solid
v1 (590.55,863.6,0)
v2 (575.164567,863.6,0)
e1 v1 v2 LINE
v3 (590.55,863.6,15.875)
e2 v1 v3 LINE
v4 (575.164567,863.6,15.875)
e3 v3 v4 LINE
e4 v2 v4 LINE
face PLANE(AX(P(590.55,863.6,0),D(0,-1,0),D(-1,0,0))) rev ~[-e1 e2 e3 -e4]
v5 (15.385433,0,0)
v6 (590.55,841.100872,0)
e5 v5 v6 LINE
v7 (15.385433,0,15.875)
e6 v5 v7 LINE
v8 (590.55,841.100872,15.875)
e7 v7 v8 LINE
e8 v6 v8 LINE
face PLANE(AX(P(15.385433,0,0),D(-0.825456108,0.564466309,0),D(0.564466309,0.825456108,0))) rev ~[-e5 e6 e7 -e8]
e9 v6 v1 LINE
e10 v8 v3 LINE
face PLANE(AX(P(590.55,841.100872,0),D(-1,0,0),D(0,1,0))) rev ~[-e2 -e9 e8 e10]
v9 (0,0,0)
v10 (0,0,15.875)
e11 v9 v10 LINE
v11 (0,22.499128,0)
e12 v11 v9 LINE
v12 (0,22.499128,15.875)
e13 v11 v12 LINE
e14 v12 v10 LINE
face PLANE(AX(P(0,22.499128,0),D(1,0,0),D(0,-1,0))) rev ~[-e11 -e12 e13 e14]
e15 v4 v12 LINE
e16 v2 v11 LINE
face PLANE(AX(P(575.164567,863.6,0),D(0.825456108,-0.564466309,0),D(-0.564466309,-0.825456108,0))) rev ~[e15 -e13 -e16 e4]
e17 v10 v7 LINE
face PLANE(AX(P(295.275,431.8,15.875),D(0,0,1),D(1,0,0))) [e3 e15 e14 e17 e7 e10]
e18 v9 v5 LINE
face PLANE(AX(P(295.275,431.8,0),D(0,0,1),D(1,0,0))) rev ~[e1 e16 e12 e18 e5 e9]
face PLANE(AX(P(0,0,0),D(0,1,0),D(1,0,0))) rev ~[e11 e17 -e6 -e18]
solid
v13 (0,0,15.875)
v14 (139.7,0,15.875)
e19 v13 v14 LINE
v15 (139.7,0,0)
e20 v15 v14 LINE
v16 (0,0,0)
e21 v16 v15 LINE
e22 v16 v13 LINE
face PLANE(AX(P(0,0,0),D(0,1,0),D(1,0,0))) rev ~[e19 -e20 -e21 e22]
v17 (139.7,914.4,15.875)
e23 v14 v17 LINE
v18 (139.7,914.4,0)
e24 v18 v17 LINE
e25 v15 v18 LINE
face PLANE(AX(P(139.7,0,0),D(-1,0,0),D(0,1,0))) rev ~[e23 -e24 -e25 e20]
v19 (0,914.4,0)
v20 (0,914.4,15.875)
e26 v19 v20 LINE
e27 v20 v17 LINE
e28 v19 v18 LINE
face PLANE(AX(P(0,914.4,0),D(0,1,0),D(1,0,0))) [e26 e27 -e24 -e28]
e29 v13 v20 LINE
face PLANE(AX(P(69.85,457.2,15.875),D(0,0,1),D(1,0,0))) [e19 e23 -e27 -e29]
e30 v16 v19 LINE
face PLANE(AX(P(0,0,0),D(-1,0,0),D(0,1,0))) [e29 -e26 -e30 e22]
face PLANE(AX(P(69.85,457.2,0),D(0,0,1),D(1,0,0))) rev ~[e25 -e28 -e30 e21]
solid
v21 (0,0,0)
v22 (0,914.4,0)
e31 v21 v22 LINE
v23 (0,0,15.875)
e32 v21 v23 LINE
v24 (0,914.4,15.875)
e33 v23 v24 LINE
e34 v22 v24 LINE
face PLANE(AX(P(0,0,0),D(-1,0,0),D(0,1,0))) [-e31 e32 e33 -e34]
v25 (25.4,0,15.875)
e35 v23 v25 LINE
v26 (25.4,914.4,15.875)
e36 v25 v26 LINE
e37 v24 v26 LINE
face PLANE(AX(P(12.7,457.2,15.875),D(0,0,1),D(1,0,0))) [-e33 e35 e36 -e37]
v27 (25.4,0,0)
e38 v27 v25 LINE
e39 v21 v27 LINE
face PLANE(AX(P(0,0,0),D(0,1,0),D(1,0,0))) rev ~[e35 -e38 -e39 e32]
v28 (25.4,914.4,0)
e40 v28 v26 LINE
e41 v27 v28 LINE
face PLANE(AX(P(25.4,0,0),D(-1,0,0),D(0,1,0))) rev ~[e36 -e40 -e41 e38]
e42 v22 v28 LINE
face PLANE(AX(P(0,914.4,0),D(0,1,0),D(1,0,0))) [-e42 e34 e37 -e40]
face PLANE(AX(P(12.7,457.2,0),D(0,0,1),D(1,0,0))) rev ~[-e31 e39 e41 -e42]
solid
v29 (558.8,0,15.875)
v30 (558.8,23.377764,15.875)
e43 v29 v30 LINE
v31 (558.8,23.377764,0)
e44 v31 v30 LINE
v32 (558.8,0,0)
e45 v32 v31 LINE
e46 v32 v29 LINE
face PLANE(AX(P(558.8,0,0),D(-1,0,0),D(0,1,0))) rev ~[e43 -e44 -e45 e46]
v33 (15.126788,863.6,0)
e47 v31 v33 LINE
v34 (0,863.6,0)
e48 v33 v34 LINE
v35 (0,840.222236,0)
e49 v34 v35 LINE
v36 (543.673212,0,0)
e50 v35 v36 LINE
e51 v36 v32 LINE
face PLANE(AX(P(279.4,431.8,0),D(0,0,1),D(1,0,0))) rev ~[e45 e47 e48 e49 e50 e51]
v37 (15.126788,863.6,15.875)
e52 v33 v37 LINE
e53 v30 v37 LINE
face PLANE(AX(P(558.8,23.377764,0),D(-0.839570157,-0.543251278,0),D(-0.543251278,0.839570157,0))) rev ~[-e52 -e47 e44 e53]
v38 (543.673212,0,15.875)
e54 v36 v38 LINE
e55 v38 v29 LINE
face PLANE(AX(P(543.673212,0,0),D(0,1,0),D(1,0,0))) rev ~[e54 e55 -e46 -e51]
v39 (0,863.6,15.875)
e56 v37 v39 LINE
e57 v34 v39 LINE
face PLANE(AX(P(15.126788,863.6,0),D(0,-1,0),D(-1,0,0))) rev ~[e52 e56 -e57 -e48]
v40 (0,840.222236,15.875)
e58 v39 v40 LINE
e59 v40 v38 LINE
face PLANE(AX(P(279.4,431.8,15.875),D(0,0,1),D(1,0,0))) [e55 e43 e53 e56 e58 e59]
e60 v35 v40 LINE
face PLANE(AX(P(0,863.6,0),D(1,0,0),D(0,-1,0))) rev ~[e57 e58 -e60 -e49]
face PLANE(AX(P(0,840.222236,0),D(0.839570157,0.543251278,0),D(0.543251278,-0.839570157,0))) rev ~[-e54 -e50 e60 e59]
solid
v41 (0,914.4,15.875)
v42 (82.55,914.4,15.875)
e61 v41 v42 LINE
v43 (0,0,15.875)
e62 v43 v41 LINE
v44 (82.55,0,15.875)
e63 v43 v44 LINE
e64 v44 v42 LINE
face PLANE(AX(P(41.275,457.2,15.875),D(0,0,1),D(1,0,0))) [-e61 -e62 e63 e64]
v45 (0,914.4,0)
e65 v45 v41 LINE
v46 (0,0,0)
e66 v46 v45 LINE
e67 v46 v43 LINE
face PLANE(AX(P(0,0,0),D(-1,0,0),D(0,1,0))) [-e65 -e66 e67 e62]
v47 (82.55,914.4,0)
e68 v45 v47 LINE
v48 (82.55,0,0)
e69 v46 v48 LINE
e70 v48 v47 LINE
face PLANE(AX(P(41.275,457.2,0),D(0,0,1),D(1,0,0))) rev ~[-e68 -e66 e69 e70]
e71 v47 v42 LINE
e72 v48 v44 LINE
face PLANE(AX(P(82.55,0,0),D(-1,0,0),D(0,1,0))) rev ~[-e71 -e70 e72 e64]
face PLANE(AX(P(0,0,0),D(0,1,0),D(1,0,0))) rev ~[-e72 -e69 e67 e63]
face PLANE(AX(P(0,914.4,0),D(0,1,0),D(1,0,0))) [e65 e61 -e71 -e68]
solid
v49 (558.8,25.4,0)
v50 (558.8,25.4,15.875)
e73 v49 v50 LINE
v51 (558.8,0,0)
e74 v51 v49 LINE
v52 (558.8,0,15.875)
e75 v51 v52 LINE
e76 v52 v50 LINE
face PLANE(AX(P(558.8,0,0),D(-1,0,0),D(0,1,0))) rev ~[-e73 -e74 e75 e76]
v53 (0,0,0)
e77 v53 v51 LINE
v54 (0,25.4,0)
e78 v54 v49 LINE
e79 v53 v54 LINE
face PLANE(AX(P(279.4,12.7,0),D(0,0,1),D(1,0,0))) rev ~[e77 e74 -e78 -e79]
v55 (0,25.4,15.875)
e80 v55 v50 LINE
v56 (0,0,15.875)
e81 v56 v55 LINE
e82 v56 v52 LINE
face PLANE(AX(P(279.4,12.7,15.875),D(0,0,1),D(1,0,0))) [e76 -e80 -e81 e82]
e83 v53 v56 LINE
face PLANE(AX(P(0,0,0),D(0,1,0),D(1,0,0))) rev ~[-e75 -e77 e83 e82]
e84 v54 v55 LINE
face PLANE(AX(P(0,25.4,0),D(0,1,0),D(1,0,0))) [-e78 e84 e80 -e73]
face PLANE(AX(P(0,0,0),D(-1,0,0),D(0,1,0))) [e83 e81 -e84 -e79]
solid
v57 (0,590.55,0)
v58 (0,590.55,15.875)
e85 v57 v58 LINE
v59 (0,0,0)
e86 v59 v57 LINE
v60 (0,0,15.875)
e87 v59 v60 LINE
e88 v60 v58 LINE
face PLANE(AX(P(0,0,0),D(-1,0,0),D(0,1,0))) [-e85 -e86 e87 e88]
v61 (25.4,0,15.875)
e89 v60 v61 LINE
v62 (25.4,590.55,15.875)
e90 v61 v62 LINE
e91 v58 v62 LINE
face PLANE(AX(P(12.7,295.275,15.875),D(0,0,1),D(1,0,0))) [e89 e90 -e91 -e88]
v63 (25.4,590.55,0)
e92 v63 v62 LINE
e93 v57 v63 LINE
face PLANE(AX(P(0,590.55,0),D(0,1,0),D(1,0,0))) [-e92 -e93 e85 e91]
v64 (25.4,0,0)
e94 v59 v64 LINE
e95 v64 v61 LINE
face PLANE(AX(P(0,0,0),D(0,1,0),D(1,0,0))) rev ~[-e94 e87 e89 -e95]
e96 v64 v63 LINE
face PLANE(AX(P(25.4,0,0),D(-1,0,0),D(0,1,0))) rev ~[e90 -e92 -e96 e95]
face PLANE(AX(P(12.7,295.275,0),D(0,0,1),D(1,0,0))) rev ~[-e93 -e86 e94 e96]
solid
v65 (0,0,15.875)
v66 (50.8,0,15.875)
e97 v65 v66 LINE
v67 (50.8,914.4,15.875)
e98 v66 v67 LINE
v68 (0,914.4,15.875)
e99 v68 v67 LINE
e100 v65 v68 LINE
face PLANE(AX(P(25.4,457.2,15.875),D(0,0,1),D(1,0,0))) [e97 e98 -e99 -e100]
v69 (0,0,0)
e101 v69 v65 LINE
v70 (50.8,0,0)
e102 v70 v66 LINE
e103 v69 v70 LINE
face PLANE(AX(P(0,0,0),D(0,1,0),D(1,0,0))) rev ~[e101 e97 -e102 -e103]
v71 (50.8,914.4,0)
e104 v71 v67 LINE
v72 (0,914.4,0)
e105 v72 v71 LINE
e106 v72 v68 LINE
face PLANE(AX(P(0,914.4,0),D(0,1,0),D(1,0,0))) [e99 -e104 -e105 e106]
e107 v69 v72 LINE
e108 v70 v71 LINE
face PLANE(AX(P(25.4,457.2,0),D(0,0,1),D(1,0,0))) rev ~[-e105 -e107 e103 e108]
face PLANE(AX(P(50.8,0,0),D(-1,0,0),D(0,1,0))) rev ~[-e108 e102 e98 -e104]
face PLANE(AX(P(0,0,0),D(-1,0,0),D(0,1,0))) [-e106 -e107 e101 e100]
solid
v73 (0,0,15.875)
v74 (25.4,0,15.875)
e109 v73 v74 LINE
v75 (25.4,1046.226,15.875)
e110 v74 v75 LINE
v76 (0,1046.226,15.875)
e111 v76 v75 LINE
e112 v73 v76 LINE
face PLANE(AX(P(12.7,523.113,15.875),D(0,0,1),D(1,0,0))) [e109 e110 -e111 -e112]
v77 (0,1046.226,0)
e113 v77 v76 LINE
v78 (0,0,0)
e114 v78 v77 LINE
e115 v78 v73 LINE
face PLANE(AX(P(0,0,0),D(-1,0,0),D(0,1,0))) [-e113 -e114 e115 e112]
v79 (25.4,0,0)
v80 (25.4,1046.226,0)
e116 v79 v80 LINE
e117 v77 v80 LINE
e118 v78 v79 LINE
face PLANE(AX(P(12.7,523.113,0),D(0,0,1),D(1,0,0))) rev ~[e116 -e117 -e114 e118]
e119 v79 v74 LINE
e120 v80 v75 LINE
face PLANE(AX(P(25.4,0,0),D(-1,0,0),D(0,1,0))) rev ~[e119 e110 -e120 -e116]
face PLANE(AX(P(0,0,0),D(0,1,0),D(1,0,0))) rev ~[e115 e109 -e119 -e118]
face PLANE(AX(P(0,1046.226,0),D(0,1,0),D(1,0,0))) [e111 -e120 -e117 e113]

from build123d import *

# Parameters (mm, degrees)
F0_W      = 139.7
F0_H      = 914.4
F1_DEPTH  = 15.875
F2_W      = 82.55
F2_H      = 914.4
F3_DEPTH  = 15.875
F4_W      = 50.8
F4_H      = 914.4
F5_DEPTH  = 15.875
F6_W      = 25.4
F6_H      = 914.4
F7_DEPTH  = 15.875
F8_W      = 25.4
F8_H      = 590.55
F9_DEPTH  = 15.875
F10_W     = 25.4
F10_H     = 1046.226
F11_DEPTH = 15.875
F13_DEPTH = 15.875
F14_W     = 558.8
F14_H     = 25.4
F15_DEPTH = 15.875
F17_DEPTH = 15.875


with BuildPart() as f1:
    # F0 (on Top) → F1 (new body)
    with BuildSketch(Plane.XY):
        with Locations((69.85, 457.2)):
            Rectangle(F0_W, F0_H)
    extrude(amount=F1_DEPTH)


with BuildPart() as f3:
    # F2 (on Top) → F3 (new body)
    with BuildSketch(Plane.XY):
        with Locations((41.275, 457.2)):
            Rectangle(F2_W, F2_H)
    extrude(amount=F3_DEPTH)


with BuildPart() as f5:
    # F4 (on Top) → F5 (new body)
    with BuildSketch(Plane.XY):
        with Locations((25.4, 457.2)):
            Rectangle(F4_W, F4_H)
    extrude(amount=F5_DEPTH)


with BuildPart() as f7:
    # F6 (on Top) → F7 (new body)
    with BuildSketch(Plane.XY):
        with Locations((12.7, 457.2)):
            Rectangle(F6_W, F6_H)
    extrude(amount=F7_DEPTH)


with BuildPart() as f9:
    # F8 (on Top) → F9 (new body)
    with BuildSketch(Plane.XY):
        with Locations((12.7, 295.275)):
            Rectangle(F8_W, F8_H)
    extrude(amount=F9_DEPTH)


with BuildPart() as f11:
    # F10 (on Top) → F11 (new body)
    with BuildSketch(Plane.XY):
        with Locations((12.7, 523.113)):
            Rectangle(F10_W, F10_H)
    extrude(amount=F11_DEPTH)


with BuildPart() as f13:
    # F12 (on Top) → F13 (new body)
    with BuildSketch(Plane.XY):
        Polygon((575.164567, 863.6), (0, 22.499128), (0, 0), (15.385433, 0), (590.55, 841.100872), (590.55, 863.6), align=None)
    extrude(amount=F13_DEPTH)


with BuildPart() as f15:
    # F14 (on Top) → F15 (new body)
    with BuildSketch(Plane.XY):
        with Locations((279.4, 12.7)):
            Rectangle(F14_W, F14_H)
    extrude(amount=F15_DEPTH)


with BuildPart() as f17:
    # F16 (on Top) → F17 (new body)
    with BuildSketch(Plane.XY):
        Polygon((0, 863.6), (0, 840.222236), (543.673212, 0), (558.8, 0), (558.8, 23.377764), (15.126788, 863.6), align=None)
    extrude(amount=F17_DEPTH)


solid = Compound([f1.part, f3.part, f5.part, f7.part, f9.part, f11.part, f13.part, f15.part, f17.part])
